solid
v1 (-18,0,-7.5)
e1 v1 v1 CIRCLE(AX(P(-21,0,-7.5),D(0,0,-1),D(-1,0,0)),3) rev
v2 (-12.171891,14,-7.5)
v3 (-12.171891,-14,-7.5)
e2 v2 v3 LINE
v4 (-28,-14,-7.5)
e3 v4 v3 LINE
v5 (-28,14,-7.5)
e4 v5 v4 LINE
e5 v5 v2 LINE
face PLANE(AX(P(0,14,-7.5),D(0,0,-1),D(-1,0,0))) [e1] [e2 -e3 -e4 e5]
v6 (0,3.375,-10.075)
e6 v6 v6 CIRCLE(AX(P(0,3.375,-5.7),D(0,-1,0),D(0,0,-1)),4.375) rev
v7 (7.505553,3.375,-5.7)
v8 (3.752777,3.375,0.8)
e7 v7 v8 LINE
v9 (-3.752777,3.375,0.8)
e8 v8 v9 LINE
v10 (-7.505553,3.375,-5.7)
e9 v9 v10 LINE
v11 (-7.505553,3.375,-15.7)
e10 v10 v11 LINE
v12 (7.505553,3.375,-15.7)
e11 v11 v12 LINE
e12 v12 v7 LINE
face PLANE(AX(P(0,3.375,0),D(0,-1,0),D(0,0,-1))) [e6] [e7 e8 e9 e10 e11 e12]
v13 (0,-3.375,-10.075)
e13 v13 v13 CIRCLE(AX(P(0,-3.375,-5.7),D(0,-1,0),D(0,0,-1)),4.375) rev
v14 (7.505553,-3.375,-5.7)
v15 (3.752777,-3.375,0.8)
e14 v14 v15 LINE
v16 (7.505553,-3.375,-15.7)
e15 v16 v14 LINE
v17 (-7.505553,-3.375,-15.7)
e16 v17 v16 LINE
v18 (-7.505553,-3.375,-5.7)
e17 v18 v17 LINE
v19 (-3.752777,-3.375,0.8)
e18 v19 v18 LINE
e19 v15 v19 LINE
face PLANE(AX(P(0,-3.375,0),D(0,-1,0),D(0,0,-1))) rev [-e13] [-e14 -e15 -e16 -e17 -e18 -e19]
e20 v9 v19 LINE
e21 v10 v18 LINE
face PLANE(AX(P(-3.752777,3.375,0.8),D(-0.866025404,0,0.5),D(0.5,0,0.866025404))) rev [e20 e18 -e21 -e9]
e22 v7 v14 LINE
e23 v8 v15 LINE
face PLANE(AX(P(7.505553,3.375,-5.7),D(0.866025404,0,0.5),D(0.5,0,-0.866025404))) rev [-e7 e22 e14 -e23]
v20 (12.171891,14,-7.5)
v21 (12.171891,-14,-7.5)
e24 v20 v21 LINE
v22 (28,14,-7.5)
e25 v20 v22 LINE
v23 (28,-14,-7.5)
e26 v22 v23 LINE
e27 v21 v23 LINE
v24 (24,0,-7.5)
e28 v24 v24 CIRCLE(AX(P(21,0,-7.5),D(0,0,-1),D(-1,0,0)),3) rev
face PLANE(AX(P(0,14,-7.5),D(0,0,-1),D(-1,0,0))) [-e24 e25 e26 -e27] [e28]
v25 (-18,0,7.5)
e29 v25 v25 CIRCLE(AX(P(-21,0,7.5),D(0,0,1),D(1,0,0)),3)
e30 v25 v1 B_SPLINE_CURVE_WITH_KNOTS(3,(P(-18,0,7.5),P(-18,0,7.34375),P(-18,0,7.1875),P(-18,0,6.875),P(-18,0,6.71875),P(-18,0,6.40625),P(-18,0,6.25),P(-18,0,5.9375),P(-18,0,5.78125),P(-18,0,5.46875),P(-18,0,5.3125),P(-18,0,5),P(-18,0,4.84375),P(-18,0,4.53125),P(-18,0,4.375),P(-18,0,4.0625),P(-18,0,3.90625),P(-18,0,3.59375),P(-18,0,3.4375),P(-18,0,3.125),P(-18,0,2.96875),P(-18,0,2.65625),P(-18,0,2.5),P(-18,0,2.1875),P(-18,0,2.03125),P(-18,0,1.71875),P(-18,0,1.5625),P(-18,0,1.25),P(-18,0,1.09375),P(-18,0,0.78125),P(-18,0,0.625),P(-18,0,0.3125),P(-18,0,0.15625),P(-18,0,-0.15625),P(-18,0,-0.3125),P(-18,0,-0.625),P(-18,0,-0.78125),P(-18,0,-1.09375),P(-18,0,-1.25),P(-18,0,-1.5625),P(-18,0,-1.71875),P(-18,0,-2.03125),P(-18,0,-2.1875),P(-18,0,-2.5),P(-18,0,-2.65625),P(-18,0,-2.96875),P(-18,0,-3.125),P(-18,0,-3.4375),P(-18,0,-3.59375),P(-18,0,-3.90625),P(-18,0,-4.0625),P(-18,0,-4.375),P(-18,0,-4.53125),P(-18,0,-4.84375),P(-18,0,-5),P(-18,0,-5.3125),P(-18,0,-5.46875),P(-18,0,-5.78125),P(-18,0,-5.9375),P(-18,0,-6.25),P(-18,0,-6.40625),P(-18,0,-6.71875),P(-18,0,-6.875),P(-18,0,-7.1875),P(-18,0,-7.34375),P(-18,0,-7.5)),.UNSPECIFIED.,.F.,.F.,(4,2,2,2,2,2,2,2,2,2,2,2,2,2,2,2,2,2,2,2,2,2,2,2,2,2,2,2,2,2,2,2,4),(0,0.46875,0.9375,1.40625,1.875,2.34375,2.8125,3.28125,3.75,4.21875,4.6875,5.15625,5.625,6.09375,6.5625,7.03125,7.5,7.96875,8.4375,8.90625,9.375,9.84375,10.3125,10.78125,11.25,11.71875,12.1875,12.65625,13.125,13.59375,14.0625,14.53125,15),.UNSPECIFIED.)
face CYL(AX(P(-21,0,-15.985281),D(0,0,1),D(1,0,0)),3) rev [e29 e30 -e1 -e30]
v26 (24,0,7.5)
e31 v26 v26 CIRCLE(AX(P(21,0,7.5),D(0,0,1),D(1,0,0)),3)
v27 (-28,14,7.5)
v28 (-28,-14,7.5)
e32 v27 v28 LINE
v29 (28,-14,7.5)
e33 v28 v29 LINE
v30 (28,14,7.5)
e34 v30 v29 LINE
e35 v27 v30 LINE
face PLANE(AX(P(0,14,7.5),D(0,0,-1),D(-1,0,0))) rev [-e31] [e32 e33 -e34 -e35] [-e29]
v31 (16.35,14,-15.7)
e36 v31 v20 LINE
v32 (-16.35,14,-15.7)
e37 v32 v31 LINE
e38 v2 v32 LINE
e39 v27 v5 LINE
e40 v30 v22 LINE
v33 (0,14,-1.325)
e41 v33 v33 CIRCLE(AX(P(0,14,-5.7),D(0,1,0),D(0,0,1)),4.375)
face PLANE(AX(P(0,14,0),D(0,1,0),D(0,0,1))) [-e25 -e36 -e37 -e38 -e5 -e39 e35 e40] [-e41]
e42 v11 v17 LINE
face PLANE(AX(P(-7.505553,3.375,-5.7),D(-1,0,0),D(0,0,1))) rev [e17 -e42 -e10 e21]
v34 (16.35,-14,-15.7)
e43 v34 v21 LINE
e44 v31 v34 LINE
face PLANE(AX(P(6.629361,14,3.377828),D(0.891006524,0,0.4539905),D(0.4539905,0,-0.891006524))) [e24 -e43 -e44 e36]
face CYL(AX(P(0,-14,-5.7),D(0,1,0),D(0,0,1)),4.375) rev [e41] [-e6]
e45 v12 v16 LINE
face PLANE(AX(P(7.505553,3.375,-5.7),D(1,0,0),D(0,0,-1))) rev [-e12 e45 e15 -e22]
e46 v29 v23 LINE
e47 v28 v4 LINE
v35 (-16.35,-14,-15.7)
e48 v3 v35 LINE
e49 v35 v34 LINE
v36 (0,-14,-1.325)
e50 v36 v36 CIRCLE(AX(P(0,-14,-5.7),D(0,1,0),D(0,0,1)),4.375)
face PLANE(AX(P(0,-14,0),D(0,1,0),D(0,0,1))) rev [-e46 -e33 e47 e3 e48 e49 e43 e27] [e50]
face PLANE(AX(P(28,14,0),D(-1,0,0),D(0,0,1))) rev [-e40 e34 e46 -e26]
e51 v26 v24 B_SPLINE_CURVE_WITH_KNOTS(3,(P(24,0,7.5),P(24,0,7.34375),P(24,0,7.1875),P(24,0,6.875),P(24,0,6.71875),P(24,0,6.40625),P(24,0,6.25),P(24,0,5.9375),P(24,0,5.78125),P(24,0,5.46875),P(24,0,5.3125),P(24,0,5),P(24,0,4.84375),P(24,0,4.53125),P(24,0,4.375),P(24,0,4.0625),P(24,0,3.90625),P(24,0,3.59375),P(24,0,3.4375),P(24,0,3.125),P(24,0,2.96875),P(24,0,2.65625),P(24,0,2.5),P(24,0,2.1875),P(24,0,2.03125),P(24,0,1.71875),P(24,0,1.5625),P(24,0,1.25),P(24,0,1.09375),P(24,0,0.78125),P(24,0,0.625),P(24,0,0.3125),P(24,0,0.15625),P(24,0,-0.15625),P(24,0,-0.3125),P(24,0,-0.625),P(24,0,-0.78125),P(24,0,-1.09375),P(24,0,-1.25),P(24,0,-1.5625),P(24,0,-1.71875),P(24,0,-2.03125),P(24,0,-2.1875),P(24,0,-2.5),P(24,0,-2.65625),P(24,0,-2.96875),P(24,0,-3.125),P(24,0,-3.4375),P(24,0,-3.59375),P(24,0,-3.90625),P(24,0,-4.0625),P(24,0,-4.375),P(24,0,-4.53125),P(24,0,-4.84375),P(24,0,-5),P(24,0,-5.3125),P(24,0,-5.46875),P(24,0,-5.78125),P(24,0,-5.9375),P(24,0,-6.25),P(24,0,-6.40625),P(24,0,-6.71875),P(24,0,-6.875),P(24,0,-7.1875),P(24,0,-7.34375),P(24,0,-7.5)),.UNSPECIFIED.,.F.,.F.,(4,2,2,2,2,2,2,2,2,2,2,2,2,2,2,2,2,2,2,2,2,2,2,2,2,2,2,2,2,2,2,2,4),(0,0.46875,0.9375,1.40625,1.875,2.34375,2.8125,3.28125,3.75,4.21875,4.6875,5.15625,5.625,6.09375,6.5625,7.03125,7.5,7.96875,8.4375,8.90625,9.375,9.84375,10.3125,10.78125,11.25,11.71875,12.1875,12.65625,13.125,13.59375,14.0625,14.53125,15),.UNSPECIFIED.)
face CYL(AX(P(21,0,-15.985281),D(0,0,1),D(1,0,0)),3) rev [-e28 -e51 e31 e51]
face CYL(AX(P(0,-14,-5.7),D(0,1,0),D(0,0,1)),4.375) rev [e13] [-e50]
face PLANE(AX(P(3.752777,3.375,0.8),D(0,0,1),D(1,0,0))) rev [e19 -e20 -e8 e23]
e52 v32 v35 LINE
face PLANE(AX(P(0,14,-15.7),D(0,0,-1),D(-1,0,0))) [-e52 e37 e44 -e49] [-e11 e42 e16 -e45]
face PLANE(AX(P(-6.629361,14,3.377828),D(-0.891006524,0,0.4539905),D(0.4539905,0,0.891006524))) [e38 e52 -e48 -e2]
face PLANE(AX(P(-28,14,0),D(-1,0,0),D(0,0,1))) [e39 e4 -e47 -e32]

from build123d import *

# Parameters (mm, degrees)
SKETCH1_W           = 56
SKETCH1_H           = 15
BOSS_EXTRUDE1_DEPTH = 14
SKETCH2_R           = 4.375
CUT_EXTRUDE1_DEPTH  = 28
SKETCH4_R           = 3
CUT_EXTRUDE3_DEPTH  = 15
CUT_EXTRUDE4_DEPTH  = 3.375


with BuildPart() as part:
    # Sketch1 → Boss-Extrude1 (new, symmetric)
    with BuildSketch(Plane(origin=(0, 0, 0), x_dir=(1, 0, 0), z_dir=(0, 1, 0))):
        Polygon((-16.35, 15.7), (-12.171891314, 7.5), (12.171891314, 7.5), (16.35, 15.7), align=None)
        Rectangle(SKETCH1_W, SKETCH1_H)
    extrude(amount=BOSS_EXTRUDE1_DEPTH, both=True)

    # Sketch2 → Cut-Extrude1 (cut)
    with BuildSketch(Plane(origin=(0, 14, 0), x_dir=(1, 0, 0), z_dir=(0, 1, 0))):
        with Locations(Location((0, 5.7, 0), (0, 0, 270))):
            Circle(SKETCH2_R)
    extrude(amount=-CUT_EXTRUDE1_DEPTH, mode=Mode.SUBTRACT)

    # Sketch4 → Cut-Extrude3 (cut)
    with BuildSketch(Plane.XY.offset(7.5)):
        with Locations((-21, 0)):
            Circle(SKETCH4_R)
        with Locations((21, 0)):
            Circle(SKETCH4_R)
    extrude(amount=-CUT_EXTRUDE3_DEPTH, mode=Mode.SUBTRACT)

    # Sketch3 → Cut-Extrude4 (cut, symmetric)
    with BuildSketch(Plane.XZ):
        Polygon((7.505553499, -5.7), (7.505553499, -15.7), (-7.505553499, -15.7), (-7.505553499, -5.7), (-3.75277675, 0.8), (3.75277675, 0.8), align=None)
    extrude(amount=CUT_EXTRUDE4_DEPTH, both=True, mode=Mode.SUBTRACT)


solid = part.part
